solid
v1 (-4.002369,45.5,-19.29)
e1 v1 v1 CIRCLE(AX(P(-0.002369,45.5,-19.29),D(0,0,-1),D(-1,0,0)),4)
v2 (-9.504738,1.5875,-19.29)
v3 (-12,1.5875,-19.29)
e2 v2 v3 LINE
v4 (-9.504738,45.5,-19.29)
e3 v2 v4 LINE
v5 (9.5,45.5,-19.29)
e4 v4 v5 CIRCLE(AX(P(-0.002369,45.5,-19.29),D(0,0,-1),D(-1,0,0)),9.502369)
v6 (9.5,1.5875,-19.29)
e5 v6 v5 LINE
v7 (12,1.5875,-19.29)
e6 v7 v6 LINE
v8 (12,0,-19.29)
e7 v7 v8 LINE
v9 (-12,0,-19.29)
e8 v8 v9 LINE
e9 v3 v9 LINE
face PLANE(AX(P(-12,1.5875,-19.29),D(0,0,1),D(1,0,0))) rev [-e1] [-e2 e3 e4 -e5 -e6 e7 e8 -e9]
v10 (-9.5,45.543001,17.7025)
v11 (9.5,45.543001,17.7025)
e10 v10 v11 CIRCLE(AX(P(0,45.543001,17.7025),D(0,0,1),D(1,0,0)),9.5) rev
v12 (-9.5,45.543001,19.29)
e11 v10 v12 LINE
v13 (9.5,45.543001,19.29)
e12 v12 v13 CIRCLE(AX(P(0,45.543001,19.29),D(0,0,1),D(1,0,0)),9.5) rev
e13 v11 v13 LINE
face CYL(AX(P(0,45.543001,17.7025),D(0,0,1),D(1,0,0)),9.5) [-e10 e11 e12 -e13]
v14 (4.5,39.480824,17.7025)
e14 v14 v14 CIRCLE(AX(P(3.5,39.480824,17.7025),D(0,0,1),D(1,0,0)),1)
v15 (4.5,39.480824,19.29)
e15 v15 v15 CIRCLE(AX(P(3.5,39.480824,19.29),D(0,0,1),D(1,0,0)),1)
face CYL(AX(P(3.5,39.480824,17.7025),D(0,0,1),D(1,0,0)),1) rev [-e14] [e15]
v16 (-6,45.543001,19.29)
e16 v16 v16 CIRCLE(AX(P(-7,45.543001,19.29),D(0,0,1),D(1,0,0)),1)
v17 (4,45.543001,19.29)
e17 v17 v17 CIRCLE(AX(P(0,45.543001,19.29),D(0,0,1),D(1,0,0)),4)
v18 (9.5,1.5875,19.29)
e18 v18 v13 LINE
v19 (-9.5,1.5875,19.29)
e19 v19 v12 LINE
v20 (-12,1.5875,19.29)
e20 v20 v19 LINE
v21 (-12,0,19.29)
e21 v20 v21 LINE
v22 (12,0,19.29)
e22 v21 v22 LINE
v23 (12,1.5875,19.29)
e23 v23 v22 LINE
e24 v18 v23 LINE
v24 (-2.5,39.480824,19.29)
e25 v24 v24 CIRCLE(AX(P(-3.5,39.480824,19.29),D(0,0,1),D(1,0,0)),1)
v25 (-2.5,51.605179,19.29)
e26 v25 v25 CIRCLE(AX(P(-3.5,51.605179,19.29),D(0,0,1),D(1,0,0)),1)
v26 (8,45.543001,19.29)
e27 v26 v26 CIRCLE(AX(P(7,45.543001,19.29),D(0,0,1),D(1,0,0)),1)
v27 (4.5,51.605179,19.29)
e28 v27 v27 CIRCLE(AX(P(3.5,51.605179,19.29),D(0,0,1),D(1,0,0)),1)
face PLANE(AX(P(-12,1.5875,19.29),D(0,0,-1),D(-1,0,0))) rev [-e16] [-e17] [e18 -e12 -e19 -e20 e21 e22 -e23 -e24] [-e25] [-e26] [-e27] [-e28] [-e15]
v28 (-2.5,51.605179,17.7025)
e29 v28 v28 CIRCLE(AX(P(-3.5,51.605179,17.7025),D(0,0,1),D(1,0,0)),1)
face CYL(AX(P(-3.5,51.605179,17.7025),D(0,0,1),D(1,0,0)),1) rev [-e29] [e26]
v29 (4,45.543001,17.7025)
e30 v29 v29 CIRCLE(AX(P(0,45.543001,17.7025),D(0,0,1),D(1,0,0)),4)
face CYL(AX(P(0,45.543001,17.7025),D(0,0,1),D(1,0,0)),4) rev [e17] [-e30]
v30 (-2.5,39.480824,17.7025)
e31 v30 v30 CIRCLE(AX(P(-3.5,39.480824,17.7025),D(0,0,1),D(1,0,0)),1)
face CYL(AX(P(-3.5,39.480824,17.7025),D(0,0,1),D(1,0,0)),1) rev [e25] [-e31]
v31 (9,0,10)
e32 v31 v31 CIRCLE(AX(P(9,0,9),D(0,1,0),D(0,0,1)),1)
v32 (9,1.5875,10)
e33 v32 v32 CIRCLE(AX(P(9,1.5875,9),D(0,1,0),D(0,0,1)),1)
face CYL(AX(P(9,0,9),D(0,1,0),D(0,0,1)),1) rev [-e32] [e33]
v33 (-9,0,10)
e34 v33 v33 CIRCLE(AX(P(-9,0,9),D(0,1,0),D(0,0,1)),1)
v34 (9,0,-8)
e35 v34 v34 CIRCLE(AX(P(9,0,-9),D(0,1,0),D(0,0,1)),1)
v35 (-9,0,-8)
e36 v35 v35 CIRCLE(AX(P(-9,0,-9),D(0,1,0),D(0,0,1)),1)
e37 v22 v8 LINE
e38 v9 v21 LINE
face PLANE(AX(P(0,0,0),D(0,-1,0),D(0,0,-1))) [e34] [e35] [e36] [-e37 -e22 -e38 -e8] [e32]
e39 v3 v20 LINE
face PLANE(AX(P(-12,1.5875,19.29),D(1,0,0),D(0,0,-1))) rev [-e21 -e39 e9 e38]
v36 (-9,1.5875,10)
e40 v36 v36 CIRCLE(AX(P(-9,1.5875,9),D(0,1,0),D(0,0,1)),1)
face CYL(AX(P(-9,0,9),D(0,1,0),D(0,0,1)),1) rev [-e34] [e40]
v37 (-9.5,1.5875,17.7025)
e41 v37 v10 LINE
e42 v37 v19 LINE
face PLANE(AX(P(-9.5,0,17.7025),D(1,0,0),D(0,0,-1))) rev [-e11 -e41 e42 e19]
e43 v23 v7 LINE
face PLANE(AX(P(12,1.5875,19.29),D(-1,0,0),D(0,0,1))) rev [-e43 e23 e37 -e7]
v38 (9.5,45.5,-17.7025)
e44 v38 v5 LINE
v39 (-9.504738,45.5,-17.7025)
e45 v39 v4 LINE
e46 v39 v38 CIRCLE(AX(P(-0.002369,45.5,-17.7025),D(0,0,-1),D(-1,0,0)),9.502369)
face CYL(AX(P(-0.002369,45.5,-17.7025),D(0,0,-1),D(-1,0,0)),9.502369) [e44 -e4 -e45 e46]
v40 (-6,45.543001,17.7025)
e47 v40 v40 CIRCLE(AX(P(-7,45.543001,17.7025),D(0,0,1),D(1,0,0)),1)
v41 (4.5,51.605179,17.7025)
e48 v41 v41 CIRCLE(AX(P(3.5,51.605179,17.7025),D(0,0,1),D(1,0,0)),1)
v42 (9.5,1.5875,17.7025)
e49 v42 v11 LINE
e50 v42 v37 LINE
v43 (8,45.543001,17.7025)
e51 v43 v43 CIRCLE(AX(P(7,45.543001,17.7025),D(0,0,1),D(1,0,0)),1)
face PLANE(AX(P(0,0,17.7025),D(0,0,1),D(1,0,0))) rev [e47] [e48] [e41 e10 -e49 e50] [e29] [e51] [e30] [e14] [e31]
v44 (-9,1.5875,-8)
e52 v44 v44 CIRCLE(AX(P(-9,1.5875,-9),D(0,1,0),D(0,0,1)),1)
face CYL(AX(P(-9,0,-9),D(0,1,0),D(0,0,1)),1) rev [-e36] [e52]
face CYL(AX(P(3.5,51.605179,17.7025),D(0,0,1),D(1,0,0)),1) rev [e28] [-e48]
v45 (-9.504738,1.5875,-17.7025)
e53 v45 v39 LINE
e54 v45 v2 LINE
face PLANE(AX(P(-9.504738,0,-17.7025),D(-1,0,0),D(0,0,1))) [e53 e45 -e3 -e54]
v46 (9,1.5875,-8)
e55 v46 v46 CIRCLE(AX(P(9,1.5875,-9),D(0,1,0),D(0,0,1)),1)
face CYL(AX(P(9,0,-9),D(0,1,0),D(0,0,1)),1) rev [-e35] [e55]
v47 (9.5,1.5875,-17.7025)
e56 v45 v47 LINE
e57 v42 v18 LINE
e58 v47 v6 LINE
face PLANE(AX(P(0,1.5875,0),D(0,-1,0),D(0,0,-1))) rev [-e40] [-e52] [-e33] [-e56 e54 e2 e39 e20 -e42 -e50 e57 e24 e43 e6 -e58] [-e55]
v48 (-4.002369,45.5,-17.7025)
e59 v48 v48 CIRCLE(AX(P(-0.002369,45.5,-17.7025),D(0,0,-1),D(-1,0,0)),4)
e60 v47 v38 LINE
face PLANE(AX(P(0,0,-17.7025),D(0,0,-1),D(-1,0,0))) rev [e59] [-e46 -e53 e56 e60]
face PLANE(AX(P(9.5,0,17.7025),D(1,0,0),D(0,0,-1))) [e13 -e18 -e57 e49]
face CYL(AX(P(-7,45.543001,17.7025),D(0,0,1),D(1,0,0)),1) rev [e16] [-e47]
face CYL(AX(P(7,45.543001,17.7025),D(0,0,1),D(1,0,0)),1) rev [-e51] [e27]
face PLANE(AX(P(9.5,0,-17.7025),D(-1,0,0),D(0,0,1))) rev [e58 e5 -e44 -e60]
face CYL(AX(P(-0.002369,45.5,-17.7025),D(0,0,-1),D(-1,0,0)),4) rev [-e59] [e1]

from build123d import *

# Parameters (mm, degrees)
ESQUISSE1_W             = 24
ESQUISSE1_H             = 38.58
BOSS_EXTRU_1_DEPTH      = 1.5875
ESQUISSE5_R             = 1
ESQUISSE5_R_2           = 4
BOSS_EXTRU_8_DEPTH      = 1.5875
ESQUISSE8_R             = 4
BOSS_EXTRU_10_DEPTH     = 1.5875
ESQUISSE11_R            = 1
ENL_V_MAT_EXTRU_3_DEPTH = 1.5875


with BuildPart() as part:
    # Esquisse1 → Boss.-Extru.1 (new body)
    with BuildSketch(Plane(origin=(0, 0, 0), x_dir=(1, 0, 0), z_dir=(0, 1, 0))):
        Rectangle(ESQUISSE1_W, ESQUISSE1_H)
    extrude(amount=BOSS_EXTRU_1_DEPTH)

    # Esquisse5 → Boss.-Extru.8 (add)
    with BuildSketch(Plane.XY.offset(19.29)):
        with BuildLine():
            Line((-9.5, 45.543001341), (-9.5, 1.5875))
            Line((-9.5, 1.5875), (9.5, 1.5875))
            Line((9.5, 1.5875), (9.5, 45.543001341))
            ThreePointArc((9.5, 45.543001341), (0, 55.043001341), (-9.5, 45.543001341))
        make_face()
        with Locations((-3.5, 39.480823515)):
            Circle(ESQUISSE5_R, mode=Mode.SUBTRACT)
        with Locations((-7, 45.543001341)):
            Circle(ESQUISSE5_R, mode=Mode.SUBTRACT)
        with Locations((-3.5, 51.605179168)):
            Circle(ESQUISSE5_R, mode=Mode.SUBTRACT)
        with Locations((3.5, 39.480823515)):
            Circle(ESQUISSE5_R, mode=Mode.SUBTRACT)
        with Locations((0, 45.543001341)):
            Circle(ESQUISSE5_R_2, mode=Mode.SUBTRACT)
        with Locations((3.5, 51.605179168)):
            Circle(ESQUISSE5_R, mode=Mode.SUBTRACT)
        with Locations((7, 45.543001341)):
            Circle(ESQUISSE5_R, mode=Mode.SUBTRACT)
    extrude(amount=-BOSS_EXTRU_8_DEPTH)

    # Esquisse8 → Boss.-Extru.10 (add)
    with BuildSketch(Plane(origin=(0, 0, -19.29), x_dir=(-1, 0, 0), z_dir=(0, 0, -1))):
        with BuildLine():
            Line((-9.5, 45.5), (-9.5, 1.5875))
            Line((-9.5, 1.5875), (9.504737636, 1.5875))
            Line((9.504737636, 1.5875), (9.504737636, 45.5))
            ThreePointArc((9.504737636, 45.5), (0.002368818, 55.002368818), (-9.5, 45.5))
        make_face()
        with Locations((0.002368818, 45.5)):
            Circle(ESQUISSE8_R, mode=Mode.SUBTRACT)
    extrude(amount=-BOSS_EXTRU_10_DEPTH)

    # Esquisse11 → Enlèv. mat.-Extru.3 (cut)
    with BuildSketch(Plane(origin=(0, 1.5875, 0), x_dir=(1, 0, 0), z_dir=(0, 1, 0))):
        with Locations((-9, 9)):
            Circle(ESQUISSE11_R)
        with Locations((9, 9)):
            Circle(ESQUISSE11_R)
        with Locations((9, -9)):
            Circle(ESQUISSE11_R)
        with Locations((-9, -9)):
            Circle(ESQUISSE11_R)
    extrude(amount=-ENL_V_MAT_EXTRU_3_DEPTH, mode=Mode.SUBTRACT)


solid = part.part
